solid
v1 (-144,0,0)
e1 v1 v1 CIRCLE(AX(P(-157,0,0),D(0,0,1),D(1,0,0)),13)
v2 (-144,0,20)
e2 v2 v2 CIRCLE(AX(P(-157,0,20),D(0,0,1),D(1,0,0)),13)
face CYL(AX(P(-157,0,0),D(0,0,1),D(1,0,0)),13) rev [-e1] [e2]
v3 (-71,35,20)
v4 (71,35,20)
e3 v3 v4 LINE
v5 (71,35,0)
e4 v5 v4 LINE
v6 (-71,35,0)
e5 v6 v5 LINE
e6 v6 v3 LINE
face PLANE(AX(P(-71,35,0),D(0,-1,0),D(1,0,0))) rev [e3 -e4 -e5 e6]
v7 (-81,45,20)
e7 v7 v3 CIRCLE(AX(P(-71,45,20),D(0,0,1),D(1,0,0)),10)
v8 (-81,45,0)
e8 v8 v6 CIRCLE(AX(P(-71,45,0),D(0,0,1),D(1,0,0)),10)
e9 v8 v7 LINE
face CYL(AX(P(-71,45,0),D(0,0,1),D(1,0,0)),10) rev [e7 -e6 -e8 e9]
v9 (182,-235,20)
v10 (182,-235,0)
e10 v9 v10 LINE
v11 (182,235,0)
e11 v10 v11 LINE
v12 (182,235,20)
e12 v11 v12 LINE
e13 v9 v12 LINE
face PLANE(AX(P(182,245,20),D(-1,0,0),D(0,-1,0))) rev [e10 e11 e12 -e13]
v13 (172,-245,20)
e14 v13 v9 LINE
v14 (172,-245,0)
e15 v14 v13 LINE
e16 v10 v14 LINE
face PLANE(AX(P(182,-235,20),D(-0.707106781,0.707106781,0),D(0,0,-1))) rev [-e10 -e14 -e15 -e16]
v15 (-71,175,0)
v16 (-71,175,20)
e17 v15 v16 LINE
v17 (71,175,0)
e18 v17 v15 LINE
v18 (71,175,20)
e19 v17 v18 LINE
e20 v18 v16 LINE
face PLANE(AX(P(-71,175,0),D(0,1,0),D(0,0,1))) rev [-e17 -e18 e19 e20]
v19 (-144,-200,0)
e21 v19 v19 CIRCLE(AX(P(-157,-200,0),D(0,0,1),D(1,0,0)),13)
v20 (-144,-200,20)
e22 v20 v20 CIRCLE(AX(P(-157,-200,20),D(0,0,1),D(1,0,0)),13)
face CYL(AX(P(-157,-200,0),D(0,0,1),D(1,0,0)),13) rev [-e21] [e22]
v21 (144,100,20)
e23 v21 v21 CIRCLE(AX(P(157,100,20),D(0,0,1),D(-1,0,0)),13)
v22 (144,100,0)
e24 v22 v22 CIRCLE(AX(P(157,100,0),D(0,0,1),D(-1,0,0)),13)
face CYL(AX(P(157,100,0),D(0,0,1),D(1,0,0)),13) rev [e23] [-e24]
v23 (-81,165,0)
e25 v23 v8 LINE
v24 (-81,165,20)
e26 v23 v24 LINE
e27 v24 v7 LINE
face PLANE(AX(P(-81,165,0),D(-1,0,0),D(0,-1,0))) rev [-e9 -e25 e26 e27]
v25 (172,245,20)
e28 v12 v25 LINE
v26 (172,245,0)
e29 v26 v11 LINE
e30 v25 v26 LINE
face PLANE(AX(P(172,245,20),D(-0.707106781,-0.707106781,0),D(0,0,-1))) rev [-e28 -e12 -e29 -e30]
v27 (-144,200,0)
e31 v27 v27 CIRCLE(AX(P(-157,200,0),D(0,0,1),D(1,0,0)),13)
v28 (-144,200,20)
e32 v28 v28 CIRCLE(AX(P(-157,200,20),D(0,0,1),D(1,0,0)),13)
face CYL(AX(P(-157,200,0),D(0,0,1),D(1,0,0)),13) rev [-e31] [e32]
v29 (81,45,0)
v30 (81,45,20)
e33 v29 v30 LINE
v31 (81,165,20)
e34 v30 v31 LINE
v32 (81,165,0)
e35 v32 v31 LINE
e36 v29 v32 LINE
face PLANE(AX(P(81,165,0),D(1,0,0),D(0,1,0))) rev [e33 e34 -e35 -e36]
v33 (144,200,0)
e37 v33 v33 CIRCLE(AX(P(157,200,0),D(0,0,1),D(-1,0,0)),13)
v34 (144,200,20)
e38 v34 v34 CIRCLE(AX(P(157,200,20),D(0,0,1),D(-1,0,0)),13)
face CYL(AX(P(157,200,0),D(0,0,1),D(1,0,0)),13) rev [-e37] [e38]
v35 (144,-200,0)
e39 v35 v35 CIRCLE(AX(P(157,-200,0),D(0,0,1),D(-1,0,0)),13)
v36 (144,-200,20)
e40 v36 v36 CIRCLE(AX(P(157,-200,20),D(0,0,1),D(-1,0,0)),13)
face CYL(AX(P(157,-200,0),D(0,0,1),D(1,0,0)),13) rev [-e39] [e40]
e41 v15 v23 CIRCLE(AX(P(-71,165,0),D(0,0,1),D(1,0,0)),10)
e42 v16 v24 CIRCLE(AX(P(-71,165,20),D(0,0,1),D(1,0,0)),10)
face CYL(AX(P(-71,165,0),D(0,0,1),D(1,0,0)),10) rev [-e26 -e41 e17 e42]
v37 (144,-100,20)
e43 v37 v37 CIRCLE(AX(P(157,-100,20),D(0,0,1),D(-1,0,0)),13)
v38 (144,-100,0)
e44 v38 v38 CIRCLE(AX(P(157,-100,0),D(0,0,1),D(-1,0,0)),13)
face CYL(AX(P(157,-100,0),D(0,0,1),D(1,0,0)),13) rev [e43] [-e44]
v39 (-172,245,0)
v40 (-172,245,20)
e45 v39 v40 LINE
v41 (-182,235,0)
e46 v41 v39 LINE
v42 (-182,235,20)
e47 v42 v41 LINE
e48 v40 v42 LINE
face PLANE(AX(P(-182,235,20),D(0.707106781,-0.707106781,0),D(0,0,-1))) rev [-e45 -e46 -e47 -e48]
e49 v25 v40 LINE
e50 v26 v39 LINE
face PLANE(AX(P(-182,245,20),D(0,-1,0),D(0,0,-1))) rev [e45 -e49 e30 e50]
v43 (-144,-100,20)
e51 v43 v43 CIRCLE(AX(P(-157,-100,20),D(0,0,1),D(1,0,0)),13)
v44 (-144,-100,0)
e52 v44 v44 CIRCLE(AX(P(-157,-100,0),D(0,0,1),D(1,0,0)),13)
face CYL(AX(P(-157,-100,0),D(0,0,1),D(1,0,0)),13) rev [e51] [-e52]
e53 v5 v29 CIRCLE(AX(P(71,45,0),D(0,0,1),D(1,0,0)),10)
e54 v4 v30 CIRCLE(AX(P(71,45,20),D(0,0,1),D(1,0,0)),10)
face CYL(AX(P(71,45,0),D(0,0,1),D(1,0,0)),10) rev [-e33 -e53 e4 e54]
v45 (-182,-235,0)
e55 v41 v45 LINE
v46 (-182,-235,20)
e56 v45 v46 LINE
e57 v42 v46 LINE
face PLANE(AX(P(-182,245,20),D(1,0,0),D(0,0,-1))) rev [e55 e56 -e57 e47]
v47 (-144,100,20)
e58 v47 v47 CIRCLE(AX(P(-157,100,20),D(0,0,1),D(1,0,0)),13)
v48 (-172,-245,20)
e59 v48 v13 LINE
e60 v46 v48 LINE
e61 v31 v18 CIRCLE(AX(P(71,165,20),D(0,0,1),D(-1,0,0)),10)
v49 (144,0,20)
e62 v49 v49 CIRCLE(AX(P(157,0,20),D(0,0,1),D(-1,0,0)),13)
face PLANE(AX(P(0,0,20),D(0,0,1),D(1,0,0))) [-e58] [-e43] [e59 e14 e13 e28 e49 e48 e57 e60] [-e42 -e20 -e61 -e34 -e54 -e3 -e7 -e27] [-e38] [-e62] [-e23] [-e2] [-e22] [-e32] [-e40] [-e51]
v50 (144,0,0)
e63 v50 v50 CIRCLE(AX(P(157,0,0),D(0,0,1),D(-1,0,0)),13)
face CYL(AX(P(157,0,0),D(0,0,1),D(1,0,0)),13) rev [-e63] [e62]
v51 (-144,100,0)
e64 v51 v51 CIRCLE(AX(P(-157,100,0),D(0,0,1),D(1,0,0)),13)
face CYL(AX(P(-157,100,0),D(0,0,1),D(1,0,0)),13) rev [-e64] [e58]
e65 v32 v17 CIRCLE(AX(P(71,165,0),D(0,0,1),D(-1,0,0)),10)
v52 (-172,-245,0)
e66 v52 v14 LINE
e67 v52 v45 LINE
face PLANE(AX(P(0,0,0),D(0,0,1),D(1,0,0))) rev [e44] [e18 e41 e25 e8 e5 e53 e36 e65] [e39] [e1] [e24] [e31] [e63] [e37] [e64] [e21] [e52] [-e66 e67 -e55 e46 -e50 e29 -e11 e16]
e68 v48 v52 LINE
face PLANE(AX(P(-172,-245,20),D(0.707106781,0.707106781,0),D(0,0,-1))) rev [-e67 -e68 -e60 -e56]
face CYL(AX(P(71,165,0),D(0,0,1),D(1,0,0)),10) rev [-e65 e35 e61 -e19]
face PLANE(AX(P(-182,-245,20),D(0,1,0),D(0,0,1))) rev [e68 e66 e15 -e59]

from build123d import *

# Parameters (mm, degrees)
SKETCH_1_W          = 364
SKETCH_1_H          = 490
EXTRUDE_1_DEPTH     = 20
SKETCH_2_R          = 13
CUT_EXTRUDE_1_DEPTH = 306.857810101
CHAMFER_1_SIZE      = 10


with BuildPart() as part:
    # 草图1 → 凸台-拉伸1 (new body)
    with BuildSketch(Plane.XY):
        Rectangle(SKETCH_1_W, SKETCH_1_H)
    extrude(amount=EXTRUDE_1_DEPTH)

    # 草图2 → 切除-拉伸1 (cut, through all)
    with BuildSketch(Plane.XY.offset(20)):
        with Locations((-157, 200)):
            Circle(SKETCH_2_R)
        with Locations((-157, 100)):
            Circle(SKETCH_2_R)
        with Locations((-157, 0)):
            Circle(SKETCH_2_R)
        with Locations((-157, -100)):
            Circle(SKETCH_2_R)
        with Locations((-157, -200)):
            Circle(SKETCH_2_R)
        with Locations(Location((157, -200, 0), (0, 0, 180))):
            Circle(SKETCH_2_R)
        with Locations(Location((157, -100, 0), (0, 0, 180))):
            Circle(SKETCH_2_R)
        with Locations(Location((157, 0, 0), (0, 0, 180))):
            Circle(SKETCH_2_R)
        with Locations(Location((157, 100, 0), (0, 0, 180))):
            Circle(SKETCH_2_R)
        with Locations(Location((157, 200, 0), (0, 0, 180))):
            Circle(SKETCH_2_R)
        with BuildLine():
            Line((-71, 175), (71, 175))
            ThreePointArc((71, 175), (78.071067812, 172.071067812), (81, 165))
            Line((81, 165), (81, 45))
            ThreePointArc((81, 45), (78.071067812, 37.928932188), (71, 35))
            Line((71, 35), (-71, 35))
            ThreePointArc((-71, 35), (-78.071067812, 37.928932188), (-81, 45))
            Line((-81, 45), (-81, 165))
            ThreePointArc((-81, 165), (-78.071067812, 172.071067812), (-71, 175))
        make_face()
    extrude(amount=-CUT_EXTRUDE_1_DEPTH, mode=Mode.SUBTRACT)

    # 倒角1
    chamfer_1_edges = [part.edges().sort_by_distance(p)[0] for p in [
        (182, -245, 10),
        (-182, -245, 10),
        (-182, 245, 10),
        (182, 245, 10),
    ]]
    chamfer(chamfer_1_edges, length=CHAMFER_1_SIZE)


solid = part.part
